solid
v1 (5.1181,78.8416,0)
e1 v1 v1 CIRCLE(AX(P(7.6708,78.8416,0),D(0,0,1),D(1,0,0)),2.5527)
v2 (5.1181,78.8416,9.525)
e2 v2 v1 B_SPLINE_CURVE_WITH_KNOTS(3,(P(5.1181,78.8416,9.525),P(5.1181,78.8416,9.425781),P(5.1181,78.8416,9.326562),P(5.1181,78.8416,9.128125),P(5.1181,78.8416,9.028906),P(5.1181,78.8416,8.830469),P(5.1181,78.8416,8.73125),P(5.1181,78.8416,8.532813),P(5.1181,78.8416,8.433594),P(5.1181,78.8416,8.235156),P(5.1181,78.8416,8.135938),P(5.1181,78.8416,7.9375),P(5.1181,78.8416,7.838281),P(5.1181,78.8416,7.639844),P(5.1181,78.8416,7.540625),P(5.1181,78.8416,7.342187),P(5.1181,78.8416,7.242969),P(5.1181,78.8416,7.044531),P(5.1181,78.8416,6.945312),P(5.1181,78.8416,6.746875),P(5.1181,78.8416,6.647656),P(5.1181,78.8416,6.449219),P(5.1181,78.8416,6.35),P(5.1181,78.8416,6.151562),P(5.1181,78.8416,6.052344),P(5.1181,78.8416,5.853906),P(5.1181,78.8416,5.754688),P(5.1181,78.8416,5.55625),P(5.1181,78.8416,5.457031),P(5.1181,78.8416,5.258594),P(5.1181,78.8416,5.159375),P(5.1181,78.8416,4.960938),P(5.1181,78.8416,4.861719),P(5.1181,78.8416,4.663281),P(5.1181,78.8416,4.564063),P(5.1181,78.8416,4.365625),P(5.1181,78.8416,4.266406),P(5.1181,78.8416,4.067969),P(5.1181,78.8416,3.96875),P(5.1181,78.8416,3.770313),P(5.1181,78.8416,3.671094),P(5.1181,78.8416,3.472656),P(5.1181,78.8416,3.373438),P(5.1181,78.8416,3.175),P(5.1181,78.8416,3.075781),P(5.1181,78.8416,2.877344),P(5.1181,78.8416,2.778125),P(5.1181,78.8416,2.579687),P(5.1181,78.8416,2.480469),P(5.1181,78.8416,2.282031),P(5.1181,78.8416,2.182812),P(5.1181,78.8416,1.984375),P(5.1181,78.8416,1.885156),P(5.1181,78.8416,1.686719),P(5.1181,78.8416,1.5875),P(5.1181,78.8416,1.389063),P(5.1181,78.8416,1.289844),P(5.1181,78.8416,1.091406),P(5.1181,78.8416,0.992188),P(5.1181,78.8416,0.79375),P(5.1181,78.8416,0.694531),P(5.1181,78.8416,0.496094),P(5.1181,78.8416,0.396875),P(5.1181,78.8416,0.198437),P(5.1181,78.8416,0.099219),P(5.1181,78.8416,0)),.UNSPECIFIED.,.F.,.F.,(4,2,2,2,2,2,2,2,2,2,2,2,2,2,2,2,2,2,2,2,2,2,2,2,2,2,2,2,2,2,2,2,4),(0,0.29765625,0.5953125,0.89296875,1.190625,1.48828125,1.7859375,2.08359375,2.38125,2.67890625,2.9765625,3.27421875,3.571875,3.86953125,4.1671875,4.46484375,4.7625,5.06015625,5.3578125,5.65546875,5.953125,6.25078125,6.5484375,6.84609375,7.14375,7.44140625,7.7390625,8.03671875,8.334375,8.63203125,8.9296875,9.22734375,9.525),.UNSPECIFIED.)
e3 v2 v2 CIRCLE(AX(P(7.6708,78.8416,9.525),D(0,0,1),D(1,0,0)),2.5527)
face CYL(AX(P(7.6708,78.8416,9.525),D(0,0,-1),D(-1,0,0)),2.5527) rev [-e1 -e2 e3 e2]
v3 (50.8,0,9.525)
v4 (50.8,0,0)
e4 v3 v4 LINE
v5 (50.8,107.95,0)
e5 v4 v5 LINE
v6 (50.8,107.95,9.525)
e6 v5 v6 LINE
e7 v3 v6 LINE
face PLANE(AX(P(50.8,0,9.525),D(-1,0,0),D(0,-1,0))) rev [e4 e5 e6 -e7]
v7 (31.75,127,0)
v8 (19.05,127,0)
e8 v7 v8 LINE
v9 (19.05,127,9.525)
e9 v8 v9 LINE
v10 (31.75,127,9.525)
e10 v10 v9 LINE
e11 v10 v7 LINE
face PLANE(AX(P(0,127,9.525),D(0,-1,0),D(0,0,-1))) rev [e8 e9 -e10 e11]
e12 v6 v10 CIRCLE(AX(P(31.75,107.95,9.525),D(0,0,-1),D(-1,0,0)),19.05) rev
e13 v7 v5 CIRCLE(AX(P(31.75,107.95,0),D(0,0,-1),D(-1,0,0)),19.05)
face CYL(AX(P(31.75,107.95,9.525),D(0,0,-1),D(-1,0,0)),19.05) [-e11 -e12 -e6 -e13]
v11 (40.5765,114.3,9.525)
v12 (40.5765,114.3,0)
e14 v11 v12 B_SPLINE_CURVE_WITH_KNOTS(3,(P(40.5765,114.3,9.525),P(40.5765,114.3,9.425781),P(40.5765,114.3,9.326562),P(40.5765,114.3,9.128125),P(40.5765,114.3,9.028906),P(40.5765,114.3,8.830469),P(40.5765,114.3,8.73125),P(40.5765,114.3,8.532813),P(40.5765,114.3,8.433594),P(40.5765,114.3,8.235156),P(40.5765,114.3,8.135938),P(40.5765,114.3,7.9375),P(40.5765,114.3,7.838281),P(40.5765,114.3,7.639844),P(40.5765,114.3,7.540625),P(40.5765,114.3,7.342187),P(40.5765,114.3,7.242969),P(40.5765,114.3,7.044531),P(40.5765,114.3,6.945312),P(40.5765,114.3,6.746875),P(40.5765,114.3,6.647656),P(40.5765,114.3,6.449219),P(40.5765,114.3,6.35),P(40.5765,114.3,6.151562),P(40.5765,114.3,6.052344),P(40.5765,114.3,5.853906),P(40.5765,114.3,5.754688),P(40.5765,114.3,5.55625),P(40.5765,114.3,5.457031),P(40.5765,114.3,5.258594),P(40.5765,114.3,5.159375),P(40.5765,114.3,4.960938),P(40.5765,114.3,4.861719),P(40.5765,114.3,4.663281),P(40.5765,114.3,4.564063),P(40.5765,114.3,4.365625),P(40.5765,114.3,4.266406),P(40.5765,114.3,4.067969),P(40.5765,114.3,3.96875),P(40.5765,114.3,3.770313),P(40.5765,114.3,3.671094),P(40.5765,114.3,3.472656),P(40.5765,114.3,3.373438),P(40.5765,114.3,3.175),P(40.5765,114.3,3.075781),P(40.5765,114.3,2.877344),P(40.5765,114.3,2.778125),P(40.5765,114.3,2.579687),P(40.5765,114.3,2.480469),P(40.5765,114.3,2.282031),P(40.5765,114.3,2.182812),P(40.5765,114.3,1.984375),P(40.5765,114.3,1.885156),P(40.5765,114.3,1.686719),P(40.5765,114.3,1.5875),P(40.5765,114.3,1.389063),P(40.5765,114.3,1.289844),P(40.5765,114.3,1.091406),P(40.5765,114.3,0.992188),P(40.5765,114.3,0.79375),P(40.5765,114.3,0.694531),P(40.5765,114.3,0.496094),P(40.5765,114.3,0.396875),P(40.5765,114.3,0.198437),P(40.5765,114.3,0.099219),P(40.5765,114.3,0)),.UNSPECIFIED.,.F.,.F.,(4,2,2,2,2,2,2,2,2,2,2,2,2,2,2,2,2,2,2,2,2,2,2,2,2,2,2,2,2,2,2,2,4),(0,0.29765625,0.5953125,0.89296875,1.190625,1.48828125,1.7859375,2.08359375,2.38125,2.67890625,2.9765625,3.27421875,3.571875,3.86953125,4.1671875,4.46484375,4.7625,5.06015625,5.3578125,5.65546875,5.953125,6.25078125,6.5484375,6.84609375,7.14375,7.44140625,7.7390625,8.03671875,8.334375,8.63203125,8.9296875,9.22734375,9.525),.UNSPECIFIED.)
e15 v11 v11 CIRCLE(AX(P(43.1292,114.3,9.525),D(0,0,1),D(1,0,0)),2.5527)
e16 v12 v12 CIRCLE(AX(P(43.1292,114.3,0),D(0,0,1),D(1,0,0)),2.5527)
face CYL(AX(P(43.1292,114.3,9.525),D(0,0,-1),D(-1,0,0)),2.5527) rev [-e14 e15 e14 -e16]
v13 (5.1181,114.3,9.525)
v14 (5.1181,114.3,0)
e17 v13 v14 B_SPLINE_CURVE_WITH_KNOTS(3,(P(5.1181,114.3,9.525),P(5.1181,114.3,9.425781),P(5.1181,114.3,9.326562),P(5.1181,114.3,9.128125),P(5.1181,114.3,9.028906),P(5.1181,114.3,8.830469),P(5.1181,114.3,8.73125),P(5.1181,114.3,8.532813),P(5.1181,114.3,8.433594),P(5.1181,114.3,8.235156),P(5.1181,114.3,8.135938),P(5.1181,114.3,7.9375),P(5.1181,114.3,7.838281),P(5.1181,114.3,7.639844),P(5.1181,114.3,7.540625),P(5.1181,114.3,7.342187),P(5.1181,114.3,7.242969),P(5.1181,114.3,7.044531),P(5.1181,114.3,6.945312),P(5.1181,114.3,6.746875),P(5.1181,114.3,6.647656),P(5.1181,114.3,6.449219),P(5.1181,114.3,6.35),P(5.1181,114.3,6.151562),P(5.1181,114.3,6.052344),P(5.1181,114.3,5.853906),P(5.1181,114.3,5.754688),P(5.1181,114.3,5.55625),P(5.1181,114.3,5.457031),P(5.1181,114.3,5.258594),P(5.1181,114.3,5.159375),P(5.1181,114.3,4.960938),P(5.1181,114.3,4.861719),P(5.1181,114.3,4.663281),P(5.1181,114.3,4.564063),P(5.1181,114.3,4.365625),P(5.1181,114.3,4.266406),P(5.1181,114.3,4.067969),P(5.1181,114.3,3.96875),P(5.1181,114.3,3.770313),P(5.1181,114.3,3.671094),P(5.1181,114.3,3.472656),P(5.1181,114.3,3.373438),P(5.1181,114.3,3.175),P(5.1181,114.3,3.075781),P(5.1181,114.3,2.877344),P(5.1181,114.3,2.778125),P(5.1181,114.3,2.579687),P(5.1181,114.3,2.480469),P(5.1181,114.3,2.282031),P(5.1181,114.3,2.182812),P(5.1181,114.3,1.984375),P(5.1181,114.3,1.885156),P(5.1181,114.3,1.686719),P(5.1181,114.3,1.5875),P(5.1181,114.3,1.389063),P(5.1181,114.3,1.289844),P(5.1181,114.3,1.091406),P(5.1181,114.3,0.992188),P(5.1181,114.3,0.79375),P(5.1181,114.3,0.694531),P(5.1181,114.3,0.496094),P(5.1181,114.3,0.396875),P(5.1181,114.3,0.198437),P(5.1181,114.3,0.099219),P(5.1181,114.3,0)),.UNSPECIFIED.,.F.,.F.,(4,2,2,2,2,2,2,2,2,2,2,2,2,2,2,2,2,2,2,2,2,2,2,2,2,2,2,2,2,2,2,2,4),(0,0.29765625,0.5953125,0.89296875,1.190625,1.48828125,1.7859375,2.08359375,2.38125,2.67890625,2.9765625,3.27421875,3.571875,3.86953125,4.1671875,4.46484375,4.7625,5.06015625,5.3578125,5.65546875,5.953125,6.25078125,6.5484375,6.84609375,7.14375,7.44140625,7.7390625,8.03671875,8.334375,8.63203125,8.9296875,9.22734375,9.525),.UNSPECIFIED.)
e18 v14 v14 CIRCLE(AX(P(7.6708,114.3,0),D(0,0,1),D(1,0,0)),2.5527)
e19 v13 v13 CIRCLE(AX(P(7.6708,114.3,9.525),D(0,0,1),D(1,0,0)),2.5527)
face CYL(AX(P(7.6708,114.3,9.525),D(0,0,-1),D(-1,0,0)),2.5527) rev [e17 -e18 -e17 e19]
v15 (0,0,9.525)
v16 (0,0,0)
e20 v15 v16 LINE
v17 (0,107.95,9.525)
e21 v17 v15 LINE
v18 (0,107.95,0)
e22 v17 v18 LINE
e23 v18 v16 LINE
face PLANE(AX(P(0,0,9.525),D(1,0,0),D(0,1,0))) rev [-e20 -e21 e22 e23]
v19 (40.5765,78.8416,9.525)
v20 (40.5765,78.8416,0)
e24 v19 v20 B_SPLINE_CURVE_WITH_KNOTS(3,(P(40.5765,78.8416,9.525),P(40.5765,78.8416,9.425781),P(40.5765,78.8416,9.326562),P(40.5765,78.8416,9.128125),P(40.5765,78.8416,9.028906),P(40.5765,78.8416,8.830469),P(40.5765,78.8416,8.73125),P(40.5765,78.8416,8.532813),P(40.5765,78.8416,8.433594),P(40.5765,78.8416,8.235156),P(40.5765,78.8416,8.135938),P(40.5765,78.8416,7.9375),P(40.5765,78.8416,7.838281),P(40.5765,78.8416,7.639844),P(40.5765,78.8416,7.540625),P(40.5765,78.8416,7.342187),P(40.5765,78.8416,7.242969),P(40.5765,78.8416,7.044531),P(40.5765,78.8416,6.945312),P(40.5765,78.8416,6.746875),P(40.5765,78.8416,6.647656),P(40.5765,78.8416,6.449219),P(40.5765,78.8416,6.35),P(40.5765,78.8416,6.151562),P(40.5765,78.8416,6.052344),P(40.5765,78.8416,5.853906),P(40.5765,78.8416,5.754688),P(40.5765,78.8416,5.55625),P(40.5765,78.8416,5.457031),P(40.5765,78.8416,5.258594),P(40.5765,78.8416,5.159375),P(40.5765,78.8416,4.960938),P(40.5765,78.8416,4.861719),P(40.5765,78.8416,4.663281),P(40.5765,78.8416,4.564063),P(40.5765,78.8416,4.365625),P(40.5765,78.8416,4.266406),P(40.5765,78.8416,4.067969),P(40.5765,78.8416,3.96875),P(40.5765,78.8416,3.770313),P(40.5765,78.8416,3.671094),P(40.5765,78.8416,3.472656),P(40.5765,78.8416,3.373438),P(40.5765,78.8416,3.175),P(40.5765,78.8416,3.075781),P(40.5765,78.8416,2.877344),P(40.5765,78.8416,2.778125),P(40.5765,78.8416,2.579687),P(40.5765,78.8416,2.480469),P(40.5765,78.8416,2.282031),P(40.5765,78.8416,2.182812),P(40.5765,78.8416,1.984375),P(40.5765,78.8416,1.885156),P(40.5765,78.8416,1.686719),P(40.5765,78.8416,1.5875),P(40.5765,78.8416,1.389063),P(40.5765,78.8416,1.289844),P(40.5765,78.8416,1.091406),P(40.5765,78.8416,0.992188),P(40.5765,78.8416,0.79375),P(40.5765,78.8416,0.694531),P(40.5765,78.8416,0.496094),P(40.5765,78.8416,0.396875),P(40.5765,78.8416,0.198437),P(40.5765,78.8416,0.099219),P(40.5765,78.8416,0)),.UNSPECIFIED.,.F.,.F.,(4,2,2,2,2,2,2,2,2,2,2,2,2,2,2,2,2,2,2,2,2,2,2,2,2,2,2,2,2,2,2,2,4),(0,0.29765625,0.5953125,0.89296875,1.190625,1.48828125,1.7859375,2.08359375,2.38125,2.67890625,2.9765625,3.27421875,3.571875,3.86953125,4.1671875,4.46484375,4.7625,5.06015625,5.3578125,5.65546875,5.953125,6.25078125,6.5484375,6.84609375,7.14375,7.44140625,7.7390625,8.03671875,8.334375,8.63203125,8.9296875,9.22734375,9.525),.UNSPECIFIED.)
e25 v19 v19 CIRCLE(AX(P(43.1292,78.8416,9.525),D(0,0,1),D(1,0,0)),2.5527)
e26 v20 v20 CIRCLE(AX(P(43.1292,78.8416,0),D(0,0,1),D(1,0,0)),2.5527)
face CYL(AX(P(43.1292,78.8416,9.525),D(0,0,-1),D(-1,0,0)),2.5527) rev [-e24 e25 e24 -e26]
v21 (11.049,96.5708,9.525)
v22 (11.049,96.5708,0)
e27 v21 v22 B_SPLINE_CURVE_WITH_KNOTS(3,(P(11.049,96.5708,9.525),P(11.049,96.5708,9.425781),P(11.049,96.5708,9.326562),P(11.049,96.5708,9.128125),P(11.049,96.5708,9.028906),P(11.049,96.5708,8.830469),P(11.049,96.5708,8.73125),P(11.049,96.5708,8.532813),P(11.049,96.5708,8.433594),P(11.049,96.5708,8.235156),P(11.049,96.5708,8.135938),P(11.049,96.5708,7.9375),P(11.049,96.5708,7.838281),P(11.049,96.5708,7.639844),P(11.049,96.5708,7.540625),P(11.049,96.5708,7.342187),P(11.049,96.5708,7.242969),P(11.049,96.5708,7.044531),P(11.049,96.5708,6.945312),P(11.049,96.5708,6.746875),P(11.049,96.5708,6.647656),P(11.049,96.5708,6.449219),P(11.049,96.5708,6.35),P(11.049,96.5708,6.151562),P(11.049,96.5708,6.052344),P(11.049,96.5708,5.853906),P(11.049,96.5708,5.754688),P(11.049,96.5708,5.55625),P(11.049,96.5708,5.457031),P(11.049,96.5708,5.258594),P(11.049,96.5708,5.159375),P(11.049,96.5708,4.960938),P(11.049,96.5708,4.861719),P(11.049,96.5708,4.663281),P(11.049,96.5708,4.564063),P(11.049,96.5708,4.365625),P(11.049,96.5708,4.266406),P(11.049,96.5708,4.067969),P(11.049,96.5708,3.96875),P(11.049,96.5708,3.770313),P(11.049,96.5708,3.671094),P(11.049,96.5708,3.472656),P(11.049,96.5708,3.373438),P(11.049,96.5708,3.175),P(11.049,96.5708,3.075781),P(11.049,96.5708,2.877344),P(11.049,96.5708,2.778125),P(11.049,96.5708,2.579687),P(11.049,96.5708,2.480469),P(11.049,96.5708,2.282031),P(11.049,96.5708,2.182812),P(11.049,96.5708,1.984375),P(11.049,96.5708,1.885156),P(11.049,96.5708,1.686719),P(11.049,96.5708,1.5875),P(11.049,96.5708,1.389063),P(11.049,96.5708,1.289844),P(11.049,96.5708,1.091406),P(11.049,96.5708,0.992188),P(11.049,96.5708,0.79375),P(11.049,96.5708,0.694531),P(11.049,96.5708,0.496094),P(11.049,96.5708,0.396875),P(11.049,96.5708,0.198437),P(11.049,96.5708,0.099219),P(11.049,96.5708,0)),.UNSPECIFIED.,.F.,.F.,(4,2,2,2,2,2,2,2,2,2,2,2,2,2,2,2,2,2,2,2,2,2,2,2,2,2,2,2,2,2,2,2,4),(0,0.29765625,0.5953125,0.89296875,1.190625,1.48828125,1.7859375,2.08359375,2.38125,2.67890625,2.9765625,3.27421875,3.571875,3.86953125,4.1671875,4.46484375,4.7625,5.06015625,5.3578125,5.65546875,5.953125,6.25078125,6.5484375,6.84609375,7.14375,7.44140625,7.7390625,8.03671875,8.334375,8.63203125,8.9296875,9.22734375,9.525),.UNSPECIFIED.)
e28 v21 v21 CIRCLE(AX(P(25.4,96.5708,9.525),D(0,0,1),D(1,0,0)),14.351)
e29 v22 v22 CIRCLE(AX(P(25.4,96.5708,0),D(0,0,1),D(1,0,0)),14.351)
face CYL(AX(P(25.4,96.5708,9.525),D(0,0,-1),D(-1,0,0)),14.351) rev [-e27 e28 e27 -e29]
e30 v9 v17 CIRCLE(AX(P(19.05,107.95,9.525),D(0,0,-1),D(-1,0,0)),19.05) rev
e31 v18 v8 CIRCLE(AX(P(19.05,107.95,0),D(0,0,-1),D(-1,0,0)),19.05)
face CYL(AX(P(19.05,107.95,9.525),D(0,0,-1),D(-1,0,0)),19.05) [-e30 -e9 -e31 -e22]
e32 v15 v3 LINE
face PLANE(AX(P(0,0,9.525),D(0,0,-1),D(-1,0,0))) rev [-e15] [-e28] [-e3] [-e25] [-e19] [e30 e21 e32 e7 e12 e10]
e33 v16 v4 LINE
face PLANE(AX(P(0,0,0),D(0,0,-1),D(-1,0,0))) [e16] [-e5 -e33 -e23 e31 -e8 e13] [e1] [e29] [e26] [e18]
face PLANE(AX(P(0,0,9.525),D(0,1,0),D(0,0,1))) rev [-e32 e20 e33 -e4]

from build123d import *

# Parameters (mm, degrees)
SKETCH2_W           = 50.8
SKETCH2_H           = 127
SKETCH2_R           = 14.351
SKETCH2_R_2         = 2.5527
BOSS_EXTRUDE3_DEPTH = 9.525
FILLET1_R           = 19.05
FILLET4_R           = 19.05


with BuildPart() as part:
    # Sketch2 → Boss-Extrude3 (new body)
    with BuildSketch(Plane.XY):
        with Locations((25.4, 63.5)):
            Rectangle(SKETCH2_W, SKETCH2_H)
        with Locations(Location((25.4, 96.5708, 0), (0, 0, 180))):
            Circle(SKETCH2_R, mode=Mode.SUBTRACT)
        with Locations(Location((43.1292, 114.3, 0), (0, 0, 180))):
            Circle(SKETCH2_R_2, mode=Mode.SUBTRACT)
        with Locations(Location((7.6708, 114.3, 0), (0, 0, 180))):
            Circle(SKETCH2_R_2, mode=Mode.SUBTRACT)
        with Locations(Location((7.6708, 78.8416, 0), (0, 0, 180))):
            Circle(SKETCH2_R_2, mode=Mode.SUBTRACT)
        with Locations(Location((43.1292, 78.8416, 0), (0, 0, 180))):
            Circle(SKETCH2_R_2, mode=Mode.SUBTRACT)
    extrude(amount=BOSS_EXTRUDE3_DEPTH)

    # Fillet1
    fillet1_edges = [part.edges().sort_by_distance(p)[0] for p in [
        (50.8, 127, 4.7625),
    ]]
    fillet(fillet1_edges, radius=FILLET1_R)

    # Fillet4
    fillet4_edges = [part.edges().sort_by_distance(p)[0] for p in [
        (0, 127, 4.7625),
    ]]
    fillet(fillet4_edges, radius=FILLET4_R)


solid = part.part
